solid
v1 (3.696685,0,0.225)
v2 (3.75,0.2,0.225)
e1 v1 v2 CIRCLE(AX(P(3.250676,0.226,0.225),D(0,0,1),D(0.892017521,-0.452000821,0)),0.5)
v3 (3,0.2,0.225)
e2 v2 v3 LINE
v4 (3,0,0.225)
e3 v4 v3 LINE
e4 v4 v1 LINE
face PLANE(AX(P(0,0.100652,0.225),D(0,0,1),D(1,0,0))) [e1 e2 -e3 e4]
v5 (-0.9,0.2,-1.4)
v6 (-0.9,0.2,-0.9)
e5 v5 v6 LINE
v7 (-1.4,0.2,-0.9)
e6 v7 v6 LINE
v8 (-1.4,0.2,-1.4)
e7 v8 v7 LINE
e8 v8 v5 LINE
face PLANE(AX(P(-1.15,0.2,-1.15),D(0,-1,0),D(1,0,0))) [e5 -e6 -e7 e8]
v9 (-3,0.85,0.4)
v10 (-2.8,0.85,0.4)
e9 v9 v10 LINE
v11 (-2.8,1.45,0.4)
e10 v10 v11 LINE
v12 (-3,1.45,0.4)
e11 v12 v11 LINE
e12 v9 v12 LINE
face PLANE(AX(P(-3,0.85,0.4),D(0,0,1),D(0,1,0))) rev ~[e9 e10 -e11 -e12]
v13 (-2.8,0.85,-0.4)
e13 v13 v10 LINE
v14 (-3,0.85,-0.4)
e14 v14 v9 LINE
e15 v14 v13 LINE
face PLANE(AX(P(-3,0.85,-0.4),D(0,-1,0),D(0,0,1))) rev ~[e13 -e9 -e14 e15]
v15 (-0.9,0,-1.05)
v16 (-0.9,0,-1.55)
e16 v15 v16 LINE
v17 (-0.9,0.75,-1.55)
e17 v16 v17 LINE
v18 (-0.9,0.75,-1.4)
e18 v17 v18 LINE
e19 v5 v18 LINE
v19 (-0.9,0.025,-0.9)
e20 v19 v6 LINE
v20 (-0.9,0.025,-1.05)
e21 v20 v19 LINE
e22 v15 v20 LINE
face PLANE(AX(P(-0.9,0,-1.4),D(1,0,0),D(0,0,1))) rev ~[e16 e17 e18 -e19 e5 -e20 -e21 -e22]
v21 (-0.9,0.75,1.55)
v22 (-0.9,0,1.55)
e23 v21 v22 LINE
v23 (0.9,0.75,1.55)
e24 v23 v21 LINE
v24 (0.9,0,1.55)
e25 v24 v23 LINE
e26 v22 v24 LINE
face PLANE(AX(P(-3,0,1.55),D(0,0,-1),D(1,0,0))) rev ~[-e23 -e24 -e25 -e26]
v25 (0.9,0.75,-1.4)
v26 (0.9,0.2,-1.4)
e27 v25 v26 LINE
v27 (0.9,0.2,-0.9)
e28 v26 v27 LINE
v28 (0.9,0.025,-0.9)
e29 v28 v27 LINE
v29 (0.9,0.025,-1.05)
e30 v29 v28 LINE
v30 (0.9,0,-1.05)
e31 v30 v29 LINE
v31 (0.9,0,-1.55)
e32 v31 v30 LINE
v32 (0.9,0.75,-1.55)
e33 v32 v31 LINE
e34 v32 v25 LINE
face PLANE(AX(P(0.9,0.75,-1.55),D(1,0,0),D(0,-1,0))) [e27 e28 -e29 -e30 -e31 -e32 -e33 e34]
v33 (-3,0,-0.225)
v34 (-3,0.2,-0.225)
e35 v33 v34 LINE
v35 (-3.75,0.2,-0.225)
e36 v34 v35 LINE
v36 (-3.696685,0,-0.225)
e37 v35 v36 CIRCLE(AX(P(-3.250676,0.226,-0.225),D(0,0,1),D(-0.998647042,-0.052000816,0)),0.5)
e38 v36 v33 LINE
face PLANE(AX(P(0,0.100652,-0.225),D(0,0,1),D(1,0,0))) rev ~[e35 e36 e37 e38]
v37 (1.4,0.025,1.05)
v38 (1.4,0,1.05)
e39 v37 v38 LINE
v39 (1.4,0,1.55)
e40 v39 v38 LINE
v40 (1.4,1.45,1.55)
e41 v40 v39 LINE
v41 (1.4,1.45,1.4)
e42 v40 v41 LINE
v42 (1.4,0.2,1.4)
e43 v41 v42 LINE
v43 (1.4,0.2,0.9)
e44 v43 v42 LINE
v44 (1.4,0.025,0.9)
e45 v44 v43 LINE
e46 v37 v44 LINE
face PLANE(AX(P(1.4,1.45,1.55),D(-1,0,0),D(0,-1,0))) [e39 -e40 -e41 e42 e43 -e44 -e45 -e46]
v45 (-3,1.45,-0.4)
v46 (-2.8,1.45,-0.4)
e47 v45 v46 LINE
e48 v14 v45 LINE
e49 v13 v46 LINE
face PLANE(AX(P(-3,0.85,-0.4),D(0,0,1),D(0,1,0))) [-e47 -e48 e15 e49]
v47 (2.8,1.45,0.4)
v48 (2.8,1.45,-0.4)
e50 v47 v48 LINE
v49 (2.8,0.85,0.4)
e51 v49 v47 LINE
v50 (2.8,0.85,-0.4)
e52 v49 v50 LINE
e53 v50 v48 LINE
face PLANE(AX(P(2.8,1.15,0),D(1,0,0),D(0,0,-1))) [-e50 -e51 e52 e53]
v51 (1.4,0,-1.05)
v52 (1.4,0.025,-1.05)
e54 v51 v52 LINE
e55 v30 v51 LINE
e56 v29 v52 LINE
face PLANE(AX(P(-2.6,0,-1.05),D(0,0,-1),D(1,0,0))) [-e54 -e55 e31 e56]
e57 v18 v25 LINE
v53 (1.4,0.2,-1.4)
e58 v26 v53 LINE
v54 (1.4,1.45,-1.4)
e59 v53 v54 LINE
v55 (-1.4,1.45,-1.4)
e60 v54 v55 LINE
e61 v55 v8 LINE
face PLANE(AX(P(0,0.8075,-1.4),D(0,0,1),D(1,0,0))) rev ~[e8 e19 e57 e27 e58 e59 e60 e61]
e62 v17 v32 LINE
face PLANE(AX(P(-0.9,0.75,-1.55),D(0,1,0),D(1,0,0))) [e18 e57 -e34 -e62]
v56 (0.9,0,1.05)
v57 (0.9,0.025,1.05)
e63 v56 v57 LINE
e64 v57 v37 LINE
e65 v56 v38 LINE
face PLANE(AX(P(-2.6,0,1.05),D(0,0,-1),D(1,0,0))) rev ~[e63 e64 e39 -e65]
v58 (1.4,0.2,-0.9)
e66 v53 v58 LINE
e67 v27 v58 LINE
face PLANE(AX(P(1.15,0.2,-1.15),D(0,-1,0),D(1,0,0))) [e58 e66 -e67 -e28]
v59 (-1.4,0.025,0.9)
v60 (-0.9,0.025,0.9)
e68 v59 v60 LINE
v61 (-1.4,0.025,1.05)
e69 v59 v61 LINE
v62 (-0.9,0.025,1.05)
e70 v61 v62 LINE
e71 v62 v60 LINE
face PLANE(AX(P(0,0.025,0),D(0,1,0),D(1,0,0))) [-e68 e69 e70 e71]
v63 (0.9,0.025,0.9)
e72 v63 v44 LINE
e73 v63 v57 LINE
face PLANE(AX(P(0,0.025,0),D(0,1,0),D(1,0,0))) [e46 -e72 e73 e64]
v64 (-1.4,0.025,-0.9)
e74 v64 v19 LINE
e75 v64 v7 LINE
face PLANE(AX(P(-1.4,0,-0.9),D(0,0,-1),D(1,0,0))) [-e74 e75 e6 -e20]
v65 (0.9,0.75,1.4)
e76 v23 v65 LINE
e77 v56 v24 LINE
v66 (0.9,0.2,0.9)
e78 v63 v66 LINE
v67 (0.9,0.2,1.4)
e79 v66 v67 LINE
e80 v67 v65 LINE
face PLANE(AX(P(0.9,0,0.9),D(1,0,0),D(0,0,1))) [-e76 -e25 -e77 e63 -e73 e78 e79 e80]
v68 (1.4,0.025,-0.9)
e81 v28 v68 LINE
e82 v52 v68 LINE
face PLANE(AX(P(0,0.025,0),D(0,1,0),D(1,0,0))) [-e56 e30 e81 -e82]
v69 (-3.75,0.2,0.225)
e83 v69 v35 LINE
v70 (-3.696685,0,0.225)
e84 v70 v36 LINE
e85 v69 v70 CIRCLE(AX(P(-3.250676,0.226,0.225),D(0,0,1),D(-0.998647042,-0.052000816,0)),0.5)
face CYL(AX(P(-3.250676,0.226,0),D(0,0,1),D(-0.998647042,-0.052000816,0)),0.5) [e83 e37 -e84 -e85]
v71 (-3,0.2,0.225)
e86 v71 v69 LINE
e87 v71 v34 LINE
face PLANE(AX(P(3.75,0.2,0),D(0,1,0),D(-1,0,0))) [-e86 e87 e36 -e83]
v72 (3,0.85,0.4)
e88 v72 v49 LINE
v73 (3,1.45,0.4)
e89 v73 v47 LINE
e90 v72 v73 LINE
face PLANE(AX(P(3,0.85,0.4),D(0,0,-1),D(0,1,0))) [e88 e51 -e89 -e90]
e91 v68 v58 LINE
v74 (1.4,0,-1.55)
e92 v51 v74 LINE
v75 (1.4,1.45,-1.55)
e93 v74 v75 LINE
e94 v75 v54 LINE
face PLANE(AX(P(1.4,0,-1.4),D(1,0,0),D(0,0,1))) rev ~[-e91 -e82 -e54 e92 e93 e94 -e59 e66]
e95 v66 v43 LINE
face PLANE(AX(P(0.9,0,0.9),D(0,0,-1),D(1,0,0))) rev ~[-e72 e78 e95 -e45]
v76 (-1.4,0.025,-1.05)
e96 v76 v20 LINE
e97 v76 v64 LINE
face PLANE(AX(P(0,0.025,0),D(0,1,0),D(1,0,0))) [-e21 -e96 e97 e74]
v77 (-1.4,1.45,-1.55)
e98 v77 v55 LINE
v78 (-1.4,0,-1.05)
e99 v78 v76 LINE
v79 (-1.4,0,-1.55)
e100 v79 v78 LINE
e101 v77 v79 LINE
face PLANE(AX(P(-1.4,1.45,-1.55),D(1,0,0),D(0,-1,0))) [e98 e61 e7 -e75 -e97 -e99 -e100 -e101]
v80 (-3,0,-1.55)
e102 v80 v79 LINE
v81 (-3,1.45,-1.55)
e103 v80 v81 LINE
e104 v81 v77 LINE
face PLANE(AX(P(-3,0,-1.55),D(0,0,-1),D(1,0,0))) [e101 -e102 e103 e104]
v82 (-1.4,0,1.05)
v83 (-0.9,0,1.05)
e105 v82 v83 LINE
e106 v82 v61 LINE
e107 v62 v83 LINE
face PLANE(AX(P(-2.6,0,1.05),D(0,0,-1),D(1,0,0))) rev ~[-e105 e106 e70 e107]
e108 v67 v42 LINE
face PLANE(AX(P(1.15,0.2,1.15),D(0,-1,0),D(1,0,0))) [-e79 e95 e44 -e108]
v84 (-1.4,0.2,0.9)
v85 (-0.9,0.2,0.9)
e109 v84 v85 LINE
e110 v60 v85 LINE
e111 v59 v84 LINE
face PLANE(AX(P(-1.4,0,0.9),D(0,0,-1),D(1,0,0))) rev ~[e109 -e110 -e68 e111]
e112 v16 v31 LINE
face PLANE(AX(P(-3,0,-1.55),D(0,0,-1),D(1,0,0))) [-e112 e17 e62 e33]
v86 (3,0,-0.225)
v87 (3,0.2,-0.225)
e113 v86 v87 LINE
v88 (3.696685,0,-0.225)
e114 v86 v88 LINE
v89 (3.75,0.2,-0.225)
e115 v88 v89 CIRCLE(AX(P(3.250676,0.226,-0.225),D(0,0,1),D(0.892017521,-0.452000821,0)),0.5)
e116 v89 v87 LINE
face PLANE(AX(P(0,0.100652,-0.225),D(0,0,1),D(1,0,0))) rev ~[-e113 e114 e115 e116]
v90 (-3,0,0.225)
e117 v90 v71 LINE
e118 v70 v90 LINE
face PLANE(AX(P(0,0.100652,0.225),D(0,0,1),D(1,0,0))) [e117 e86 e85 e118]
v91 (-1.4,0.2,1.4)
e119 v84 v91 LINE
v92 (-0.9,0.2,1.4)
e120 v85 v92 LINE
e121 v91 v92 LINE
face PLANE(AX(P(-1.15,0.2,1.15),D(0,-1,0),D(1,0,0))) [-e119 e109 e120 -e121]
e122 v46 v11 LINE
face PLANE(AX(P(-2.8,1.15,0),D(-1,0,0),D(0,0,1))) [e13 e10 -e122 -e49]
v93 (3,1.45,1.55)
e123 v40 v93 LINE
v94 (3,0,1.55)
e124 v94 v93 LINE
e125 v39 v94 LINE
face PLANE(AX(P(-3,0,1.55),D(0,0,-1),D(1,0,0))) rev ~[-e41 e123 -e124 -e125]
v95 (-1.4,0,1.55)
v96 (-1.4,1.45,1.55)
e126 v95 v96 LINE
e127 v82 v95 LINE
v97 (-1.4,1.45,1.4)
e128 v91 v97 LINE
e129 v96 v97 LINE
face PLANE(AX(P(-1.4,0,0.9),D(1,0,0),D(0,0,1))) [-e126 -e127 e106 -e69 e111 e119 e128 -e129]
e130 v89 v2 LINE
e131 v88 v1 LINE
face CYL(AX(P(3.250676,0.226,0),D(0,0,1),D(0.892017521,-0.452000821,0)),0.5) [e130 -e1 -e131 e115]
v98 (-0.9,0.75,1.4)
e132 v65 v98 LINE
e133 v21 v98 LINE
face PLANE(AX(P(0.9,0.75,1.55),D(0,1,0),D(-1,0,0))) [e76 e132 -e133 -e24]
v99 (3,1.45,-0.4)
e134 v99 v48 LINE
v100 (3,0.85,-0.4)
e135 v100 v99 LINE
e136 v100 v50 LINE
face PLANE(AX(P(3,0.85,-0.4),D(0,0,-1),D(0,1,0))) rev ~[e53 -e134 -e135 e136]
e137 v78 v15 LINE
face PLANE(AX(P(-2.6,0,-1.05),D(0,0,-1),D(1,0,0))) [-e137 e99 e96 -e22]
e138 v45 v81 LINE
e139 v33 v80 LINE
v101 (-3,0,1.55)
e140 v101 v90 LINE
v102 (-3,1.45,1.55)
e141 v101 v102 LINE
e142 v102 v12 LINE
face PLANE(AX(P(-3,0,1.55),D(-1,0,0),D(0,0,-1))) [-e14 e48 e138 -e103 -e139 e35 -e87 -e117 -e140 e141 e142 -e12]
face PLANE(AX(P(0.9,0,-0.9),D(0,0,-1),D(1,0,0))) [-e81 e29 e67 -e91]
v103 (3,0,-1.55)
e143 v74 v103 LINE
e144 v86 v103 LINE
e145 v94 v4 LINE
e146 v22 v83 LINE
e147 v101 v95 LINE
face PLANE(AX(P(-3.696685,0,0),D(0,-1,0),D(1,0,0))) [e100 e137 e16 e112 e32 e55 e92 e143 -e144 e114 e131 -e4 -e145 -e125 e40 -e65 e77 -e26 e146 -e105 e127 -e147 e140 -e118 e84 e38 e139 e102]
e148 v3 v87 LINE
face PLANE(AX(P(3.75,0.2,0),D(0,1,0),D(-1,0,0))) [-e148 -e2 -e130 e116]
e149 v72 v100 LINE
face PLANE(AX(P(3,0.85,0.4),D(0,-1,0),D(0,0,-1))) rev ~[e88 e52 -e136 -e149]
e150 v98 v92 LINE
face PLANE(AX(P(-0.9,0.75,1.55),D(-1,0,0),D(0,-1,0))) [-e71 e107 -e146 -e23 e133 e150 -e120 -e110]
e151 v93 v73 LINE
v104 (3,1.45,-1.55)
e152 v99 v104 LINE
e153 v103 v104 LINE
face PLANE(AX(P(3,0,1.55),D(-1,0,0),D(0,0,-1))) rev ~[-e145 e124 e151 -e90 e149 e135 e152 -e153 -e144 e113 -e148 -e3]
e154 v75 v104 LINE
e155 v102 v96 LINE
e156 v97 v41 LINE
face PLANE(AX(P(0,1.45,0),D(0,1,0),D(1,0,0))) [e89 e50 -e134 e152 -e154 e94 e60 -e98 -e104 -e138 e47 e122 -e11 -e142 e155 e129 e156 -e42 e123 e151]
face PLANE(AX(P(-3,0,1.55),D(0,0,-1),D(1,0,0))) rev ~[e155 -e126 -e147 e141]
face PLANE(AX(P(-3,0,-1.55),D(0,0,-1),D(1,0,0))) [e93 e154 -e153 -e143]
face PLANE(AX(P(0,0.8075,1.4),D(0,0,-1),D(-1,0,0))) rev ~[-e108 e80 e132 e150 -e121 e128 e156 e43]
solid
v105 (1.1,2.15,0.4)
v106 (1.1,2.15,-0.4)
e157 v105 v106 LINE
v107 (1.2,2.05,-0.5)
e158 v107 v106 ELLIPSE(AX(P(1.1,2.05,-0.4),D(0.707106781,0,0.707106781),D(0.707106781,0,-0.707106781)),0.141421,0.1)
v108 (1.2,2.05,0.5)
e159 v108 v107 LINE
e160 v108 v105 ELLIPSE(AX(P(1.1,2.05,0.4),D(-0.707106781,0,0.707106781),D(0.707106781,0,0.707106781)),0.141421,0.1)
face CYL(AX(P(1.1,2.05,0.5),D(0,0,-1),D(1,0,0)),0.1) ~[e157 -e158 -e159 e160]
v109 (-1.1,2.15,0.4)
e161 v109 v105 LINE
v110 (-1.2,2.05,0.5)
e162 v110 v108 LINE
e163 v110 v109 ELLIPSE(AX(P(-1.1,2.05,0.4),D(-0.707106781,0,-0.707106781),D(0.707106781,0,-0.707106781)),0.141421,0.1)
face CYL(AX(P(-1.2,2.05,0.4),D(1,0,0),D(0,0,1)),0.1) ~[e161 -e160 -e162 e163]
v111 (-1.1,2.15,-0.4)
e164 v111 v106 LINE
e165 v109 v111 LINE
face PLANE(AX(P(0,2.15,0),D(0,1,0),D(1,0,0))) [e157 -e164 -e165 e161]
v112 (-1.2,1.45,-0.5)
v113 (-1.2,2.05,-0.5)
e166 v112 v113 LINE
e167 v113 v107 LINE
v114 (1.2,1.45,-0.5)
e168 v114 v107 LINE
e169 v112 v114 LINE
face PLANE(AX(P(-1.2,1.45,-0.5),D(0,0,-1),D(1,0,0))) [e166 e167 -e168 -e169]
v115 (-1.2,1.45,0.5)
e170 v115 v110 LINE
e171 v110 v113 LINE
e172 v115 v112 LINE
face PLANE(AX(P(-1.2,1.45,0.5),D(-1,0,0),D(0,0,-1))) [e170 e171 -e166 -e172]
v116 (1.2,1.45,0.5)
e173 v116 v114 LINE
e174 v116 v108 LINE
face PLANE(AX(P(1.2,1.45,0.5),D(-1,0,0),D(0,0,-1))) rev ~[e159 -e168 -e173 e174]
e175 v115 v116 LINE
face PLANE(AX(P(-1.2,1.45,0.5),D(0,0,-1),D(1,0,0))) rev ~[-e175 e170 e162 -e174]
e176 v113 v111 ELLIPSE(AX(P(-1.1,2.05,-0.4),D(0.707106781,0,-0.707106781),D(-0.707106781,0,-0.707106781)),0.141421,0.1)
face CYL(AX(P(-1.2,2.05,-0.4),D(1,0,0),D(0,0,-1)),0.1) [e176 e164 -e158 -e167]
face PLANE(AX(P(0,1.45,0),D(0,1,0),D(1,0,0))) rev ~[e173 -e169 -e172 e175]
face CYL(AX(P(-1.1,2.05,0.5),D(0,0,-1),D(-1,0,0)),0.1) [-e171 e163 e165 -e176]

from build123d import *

# Parameters (mm, degrees)
SKETCH1_W           = 6
SKETCH1_H           = 3.1
BOSS_EXTRUDE1_DEPTH = 1.45
SKETCH2_W           = 2.4
SKETCH2_H           = 1
BOSS_EXTRUDE2_DEPTH = 0.7
FILLET1_R           = 0.1
SKETCH3_W           = 0.8
SKETCH3_H           = 0.6
CUT_EXTRUDE1_DEPTH  = 0.2
SKETCH4_W           = 0.8
SKETCH4_H           = 0.6
CUT_EXTRUDE2_DEPTH  = 0.2
CUT_EXTRUDE3_DEPTH  = 0.15
CUT_EXTRUDE4_DEPTH  = 0.15
SKETCH7_W           = 0.5
SKETCH7_H           = 0.5
CUT_EXTRUDE5_DEPTH  = 0.2
BOSS_EXTRUDE4_DEPTH = 0.225
SKETCH9_W           = 5.2
SKETCH9_H           = 2.1
BOSS_EXTRUDE5_DEPTH = 0.025


with BuildPart() as part:
    # Sketch1 → Boss-Extrude1 (new body)
    with BuildSketch(Plane(origin=(0, 0, 0), x_dir=(1, 0, 0), z_dir=(0, 1, 0))):
        Rectangle(SKETCH1_W, SKETCH1_H)
    extrude(amount=BOSS_EXTRUDE1_DEPTH)

    # Sketch3 → Cut-Extrude1 (cut)
    with BuildSketch(Plane.ZY.offset(3)):
        with Locations((0, 1.15)):
            Rectangle(SKETCH3_W, SKETCH3_H)
    extrude(amount=-CUT_EXTRUDE1_DEPTH, mode=Mode.SUBTRACT)

    # Sketch4 → Cut-Extrude2 (cut)
    with BuildSketch(Plane(origin=(3, 0, 0), x_dir=(0, 0, -1), z_dir=(1, 0, 0))):
        with Locations((0, 1.15)):
            Rectangle(SKETCH4_W, SKETCH4_H)
    extrude(amount=-CUT_EXTRUDE2_DEPTH, mode=Mode.SUBTRACT)

    # Sketch5 → Cut-Extrude3 (cut)
    with BuildSketch(Plane.XY.offset(1.55)):
        Polygon((-1.4, 1.45), (1.4, 1.45), (1.4, 0), (0.9, 0), (0.9, 0.75), (-0.9, 0.75), (-0.9, 0), (-1.4, 0), align=None)
    extrude(amount=-CUT_EXTRUDE3_DEPTH, mode=Mode.SUBTRACT)

    # Sketch6 → Cut-Extrude4 (cut)
    with BuildSketch(Plane(origin=(0, 0, -1.55), x_dir=(-1, 0, 0), z_dir=(0, 0, -1))):
        Polygon((-1.4, 1.45), (1.4, 1.45), (1.4, 0), (0.9, 0), (0.9, 0.75), (-0.9, 0.75), (-0.9, 0), (-1.4, 0), align=None)
    extrude(amount=-CUT_EXTRUDE4_DEPTH, mode=Mode.SUBTRACT)

    # Sketch7 → Cut-Extrude5 (cut)
    with BuildSketch(Plane.XZ):
        with Locations((-1.15, 1.15)):
            Rectangle(SKETCH7_W, SKETCH7_H)
        with Locations((1.15, 1.15)):
            Rectangle(SKETCH7_W, SKETCH7_H)
        with Locations((1.15, -1.15)):
            Rectangle(SKETCH7_W, SKETCH7_H)
        with Locations((-1.15, -1.15)):
            Rectangle(SKETCH7_W, SKETCH7_H)
    extrude(amount=-CUT_EXTRUDE5_DEPTH, mode=Mode.SUBTRACT)



with BuildPart() as body_2:
    # Sketch2 → Boss-Extrude2 (new body)
    with BuildSketch(Plane(origin=(0, 1.45, 0), x_dir=(1, 0, 0), z_dir=(0, 1, 0))):
        Rectangle(SKETCH2_W, SKETCH2_H)
    extrude(amount=BOSS_EXTRUDE2_DEPTH)

    # Fillet1
    fillet1_edges = [body_2.edges().sort_by_distance(p)[0] for p in [
        (-1.2, 2.15, 0),
        (0, 2.15, 0.5),
        (1.2, 2.15, 0),
        (0, 2.15, -0.5),
    ]]
    fillet(fillet1_edges, radius=FILLET1_R)


with BuildPart() as body_3:
    # Sketch8 → Boss-Extrude4 (new, symmetric)
    with BuildSketch(Plane.XY):
        with BuildLine():
            Line((-3.69668524, 0), (3.69668524, 0))
            ThreePointArc((3.69668524, 0), (3.733805117, 0.097210972), (3.75, 0.2))
            Line((3.75, 0.2), (-3.75, 0.2))
            ThreePointArc((-3.75, 0.2), (-3.733805117, 0.097210972), (-3.69668524, 0))
        make_face()
    extrude(amount=BOSS_EXTRUDE4_DEPTH, both=True)


with BuildPart() as part_1:
    add(part.part)

    add(body_3.part)  # Boss-Extrude5 merges body 3
    # Sketch9 → Boss-Extrude5 (add)
    with BuildSketch(Plane(origin=(0, 0, 0), x_dir=(1, 0, 0), z_dir=(0, 1, 0))):
        Rectangle(SKETCH9_W, SKETCH9_H)
    extrude(amount=BOSS_EXTRUDE5_DEPTH)


solid = Compound([body_2.part, part_1.part])
